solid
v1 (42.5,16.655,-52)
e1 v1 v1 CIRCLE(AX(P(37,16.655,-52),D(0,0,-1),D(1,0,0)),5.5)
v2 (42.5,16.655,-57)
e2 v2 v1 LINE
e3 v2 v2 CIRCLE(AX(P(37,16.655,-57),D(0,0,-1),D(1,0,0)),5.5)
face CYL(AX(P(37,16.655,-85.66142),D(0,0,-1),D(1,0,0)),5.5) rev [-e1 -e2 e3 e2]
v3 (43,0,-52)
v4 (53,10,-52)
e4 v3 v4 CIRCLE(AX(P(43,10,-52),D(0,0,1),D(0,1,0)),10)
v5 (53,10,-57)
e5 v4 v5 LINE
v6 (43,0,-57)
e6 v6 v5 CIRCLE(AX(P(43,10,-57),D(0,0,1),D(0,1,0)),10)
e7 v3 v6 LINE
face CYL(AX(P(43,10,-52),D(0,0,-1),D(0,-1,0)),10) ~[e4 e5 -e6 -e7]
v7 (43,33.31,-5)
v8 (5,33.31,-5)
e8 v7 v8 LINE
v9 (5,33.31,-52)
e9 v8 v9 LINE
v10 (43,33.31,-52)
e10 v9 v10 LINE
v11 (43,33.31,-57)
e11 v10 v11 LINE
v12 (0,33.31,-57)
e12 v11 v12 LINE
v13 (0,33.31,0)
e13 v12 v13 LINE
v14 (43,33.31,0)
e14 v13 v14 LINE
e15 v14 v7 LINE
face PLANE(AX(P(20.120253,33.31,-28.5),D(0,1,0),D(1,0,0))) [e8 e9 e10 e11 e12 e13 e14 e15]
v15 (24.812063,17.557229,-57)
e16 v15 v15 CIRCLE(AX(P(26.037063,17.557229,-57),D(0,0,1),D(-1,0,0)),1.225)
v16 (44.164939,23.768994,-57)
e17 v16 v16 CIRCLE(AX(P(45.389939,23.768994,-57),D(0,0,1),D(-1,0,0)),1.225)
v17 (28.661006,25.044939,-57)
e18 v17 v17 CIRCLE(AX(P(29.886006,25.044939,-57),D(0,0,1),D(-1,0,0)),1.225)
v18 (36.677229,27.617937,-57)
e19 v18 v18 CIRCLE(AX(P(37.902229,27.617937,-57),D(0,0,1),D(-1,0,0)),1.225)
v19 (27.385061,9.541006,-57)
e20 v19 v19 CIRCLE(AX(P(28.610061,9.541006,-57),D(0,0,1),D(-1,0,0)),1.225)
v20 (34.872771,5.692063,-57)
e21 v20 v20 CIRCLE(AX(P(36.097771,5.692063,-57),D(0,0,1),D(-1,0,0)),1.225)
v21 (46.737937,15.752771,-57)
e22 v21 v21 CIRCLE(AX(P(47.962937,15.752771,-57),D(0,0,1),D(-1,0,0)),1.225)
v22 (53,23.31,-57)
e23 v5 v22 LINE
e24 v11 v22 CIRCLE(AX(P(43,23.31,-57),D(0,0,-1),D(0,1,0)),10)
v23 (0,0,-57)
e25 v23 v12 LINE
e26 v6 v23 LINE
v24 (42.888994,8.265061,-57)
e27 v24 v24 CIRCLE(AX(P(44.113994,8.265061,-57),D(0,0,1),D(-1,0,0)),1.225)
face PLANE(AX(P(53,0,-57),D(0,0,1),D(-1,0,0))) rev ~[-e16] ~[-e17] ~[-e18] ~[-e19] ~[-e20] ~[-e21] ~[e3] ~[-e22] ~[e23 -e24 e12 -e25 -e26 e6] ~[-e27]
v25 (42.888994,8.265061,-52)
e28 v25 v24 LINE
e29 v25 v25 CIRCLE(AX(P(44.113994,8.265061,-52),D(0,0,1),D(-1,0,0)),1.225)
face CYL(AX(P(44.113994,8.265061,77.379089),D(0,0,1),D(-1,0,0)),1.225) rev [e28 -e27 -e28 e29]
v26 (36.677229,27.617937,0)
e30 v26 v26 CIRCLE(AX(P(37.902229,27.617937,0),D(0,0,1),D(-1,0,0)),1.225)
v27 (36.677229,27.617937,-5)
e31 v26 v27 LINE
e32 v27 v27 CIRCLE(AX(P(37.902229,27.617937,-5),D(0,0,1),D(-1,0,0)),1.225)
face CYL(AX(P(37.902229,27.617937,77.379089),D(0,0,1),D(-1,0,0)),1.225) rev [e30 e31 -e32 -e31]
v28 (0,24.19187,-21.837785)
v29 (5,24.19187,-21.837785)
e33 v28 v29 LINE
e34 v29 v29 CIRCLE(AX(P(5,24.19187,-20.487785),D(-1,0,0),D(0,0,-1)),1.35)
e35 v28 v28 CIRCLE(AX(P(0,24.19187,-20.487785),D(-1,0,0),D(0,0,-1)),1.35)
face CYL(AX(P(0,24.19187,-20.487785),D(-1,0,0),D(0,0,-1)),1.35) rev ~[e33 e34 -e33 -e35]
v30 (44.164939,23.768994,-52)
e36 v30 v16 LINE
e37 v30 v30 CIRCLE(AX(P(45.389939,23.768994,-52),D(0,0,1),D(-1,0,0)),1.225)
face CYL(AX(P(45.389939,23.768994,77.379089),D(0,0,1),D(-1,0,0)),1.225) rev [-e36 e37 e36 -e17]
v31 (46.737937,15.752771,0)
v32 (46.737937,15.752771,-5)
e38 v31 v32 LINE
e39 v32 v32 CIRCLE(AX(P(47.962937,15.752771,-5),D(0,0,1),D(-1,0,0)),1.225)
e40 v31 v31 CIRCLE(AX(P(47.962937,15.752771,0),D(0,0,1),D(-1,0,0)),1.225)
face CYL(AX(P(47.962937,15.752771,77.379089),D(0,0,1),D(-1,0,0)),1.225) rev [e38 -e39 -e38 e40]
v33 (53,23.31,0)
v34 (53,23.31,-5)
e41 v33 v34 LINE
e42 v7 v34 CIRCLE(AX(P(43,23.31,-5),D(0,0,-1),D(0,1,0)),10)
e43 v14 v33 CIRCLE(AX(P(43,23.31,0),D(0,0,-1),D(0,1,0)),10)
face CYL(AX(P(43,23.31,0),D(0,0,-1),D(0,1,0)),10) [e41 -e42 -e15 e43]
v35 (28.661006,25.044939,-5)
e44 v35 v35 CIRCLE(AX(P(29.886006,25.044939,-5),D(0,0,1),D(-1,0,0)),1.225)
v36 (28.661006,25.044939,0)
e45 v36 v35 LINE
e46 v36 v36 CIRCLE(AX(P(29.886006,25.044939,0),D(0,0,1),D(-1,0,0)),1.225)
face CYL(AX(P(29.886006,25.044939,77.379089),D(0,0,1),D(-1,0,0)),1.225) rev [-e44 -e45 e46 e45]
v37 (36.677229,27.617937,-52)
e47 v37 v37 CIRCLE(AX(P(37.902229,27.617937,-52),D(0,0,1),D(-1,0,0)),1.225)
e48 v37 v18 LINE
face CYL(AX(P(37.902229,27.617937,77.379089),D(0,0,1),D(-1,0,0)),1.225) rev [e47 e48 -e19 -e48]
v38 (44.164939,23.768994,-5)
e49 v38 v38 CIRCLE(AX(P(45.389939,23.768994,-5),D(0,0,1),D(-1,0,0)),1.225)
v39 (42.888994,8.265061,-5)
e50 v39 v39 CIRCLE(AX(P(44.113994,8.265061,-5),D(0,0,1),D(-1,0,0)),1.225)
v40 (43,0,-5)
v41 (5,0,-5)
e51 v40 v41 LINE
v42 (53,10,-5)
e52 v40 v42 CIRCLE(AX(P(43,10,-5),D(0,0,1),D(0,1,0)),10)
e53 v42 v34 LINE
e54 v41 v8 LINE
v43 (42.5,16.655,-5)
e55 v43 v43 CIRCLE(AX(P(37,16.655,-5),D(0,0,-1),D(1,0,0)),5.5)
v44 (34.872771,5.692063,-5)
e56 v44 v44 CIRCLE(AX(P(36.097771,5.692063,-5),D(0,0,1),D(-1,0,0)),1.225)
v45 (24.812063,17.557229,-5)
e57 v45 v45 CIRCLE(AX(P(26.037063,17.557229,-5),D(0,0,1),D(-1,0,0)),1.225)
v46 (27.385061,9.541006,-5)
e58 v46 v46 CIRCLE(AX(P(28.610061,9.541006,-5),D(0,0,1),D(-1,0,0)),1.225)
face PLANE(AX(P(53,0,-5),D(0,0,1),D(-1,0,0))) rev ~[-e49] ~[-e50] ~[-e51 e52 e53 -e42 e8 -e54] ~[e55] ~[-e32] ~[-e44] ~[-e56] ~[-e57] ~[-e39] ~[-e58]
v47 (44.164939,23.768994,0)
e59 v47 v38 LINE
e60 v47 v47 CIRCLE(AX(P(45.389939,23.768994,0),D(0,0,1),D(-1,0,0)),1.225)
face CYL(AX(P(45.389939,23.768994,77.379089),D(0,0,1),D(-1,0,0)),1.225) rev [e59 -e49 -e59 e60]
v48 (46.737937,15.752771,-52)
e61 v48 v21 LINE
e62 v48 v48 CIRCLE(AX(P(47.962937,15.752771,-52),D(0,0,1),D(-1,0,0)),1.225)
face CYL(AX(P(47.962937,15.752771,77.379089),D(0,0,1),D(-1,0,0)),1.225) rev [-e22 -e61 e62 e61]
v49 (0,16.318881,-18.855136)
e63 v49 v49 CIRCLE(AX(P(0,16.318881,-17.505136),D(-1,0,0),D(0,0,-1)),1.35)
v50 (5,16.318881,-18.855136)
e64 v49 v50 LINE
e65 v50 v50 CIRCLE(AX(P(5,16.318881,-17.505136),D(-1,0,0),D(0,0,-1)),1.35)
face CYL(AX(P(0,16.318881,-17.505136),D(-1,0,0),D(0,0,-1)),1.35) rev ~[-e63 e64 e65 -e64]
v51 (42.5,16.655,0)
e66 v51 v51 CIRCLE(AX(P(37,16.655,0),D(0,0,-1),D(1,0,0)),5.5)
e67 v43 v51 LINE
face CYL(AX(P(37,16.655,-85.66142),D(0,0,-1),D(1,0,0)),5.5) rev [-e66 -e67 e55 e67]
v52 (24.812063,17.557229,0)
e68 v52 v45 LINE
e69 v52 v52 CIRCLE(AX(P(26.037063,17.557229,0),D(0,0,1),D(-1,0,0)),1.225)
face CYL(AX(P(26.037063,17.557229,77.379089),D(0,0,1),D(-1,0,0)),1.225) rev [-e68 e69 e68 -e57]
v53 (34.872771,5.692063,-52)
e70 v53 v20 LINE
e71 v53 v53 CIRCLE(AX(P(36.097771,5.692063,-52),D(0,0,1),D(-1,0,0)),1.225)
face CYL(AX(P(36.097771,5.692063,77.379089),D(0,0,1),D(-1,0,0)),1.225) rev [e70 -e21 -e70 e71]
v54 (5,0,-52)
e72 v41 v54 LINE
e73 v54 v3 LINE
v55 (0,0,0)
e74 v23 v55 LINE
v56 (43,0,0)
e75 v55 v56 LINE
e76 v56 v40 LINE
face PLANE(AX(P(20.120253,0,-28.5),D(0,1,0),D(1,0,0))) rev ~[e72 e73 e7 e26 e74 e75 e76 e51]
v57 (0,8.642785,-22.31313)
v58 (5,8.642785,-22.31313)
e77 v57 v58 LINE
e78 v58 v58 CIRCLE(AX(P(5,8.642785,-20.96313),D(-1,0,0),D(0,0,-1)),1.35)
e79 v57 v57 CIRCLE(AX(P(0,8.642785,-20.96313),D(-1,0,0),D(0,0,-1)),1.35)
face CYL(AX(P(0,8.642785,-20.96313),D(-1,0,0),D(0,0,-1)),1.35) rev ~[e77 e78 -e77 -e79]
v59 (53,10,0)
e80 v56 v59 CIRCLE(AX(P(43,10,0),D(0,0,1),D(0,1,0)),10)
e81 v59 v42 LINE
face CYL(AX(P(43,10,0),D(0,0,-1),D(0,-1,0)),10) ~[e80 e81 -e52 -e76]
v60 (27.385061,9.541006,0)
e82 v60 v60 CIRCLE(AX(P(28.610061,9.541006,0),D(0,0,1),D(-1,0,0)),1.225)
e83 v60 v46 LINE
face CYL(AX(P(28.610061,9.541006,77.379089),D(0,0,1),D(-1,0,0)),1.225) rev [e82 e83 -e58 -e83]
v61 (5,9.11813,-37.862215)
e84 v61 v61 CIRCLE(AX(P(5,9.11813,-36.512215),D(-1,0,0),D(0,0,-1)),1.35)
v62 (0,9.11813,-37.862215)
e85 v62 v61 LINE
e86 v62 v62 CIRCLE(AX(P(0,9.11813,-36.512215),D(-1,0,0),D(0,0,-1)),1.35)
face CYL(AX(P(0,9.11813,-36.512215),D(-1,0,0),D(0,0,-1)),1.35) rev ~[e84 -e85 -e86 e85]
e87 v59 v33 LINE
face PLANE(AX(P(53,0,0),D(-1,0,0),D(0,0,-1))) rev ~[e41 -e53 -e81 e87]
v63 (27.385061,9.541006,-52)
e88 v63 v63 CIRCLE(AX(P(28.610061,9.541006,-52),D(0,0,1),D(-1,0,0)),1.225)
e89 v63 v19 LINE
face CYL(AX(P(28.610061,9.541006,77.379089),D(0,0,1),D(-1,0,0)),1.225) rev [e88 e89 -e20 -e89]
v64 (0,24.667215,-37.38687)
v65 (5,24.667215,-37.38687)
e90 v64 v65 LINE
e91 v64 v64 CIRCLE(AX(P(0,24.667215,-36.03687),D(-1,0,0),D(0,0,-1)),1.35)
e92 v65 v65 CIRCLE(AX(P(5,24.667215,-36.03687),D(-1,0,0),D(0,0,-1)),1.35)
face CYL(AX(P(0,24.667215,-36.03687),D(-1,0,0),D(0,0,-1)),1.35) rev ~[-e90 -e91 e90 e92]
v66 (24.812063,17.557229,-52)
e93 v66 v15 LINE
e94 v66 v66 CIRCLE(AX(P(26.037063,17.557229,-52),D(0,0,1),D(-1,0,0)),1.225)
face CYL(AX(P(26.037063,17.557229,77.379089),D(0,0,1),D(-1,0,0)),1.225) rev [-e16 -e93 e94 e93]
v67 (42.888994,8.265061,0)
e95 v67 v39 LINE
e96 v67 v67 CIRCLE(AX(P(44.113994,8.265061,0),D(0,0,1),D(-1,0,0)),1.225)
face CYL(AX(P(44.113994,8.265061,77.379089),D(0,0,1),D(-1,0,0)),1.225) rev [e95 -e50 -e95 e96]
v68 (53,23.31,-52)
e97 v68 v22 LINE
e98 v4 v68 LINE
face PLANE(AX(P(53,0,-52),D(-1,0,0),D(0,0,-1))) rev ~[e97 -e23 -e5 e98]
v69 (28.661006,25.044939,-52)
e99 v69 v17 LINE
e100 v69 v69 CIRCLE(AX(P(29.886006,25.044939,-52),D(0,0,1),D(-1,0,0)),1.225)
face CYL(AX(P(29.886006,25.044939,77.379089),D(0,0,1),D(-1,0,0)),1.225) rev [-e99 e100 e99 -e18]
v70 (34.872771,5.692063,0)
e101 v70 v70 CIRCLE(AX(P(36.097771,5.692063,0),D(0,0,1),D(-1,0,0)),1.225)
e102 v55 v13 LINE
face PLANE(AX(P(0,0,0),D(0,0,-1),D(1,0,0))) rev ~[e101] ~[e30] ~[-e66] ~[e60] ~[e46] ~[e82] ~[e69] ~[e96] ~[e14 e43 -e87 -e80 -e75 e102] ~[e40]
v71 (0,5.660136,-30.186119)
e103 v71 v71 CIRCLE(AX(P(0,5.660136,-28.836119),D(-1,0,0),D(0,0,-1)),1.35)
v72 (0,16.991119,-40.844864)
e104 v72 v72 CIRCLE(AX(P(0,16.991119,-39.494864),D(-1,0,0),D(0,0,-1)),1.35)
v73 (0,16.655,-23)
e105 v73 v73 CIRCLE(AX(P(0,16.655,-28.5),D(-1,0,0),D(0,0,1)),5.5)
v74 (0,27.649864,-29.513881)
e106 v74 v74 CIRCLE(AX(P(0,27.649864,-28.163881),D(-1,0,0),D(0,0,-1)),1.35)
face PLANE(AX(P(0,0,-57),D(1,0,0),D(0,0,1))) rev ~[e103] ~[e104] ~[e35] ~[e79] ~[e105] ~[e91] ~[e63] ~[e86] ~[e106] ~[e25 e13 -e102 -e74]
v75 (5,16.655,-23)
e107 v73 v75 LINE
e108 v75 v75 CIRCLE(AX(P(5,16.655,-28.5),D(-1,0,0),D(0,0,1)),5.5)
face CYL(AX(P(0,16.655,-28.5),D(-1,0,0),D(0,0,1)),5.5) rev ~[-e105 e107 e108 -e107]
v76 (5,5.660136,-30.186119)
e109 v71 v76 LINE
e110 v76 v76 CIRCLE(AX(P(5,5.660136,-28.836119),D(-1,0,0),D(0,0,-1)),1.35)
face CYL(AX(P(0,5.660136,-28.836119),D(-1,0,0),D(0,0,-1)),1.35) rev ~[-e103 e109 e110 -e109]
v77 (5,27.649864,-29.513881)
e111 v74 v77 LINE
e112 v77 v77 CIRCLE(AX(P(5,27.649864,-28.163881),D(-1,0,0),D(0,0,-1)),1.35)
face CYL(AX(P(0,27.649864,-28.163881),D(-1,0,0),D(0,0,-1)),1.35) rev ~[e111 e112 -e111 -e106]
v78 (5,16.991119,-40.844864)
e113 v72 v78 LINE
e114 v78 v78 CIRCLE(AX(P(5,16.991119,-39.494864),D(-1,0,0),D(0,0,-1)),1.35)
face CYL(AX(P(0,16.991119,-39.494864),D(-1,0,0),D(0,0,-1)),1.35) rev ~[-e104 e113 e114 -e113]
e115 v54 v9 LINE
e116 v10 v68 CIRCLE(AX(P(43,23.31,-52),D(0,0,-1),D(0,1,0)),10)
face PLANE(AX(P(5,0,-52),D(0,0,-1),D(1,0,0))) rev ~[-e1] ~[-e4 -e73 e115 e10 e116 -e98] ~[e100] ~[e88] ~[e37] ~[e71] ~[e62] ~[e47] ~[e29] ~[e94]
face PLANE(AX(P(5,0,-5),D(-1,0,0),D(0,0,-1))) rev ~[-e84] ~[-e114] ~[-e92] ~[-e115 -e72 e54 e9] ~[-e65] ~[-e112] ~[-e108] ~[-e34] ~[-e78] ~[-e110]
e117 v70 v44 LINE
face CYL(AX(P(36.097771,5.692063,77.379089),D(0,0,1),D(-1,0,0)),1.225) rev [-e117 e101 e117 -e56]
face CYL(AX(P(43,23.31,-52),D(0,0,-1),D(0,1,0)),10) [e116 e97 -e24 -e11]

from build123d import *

# Parameters (mm, degrees)
BOSS_EXTRUDE1_DEPTH            = 33.31
CUT_EXTRUDE1_DEPTH             = 85.661420376
CUT_EXTRUDE1_DEPTH_BACK        = 85.661420376
SKETCH2_R                      = 5.5
FILLET1_R                      = 10
CUT_EXTRUDE2_REACH             = 86.661
SKETCH3_R                      = 5.5
CUT_EXTRUDE3_DEPTH             = 82.379088837
CUT_EXTRUDE3_DEPTH_BACK        = 82.379088837
SKETCH4_R                      = 1.225
CUT_EXTRUDE4_REACH             = 86.661
SKETCH6_R                      = 1.35
CUT_EXTRUDE4_DIRECTION_2_DEPTH = 85.661420376


with BuildPart() as part:
    # Sketch1 → Boss-Extrude1 (new body)
    with BuildSketch(Plane(origin=(0, 0, 0), x_dir=(1, 0, 0), z_dir=(0, 1, 0))):
        Polygon((0, 57), (0, 0), (53, 0), (53, 5), (5, 5), (5, 52), (53, 52), (53, 57), align=None)
    extrude(amount=BOSS_EXTRUDE1_DEPTH)

    # Sketch2 → Cut-Extrude1 (cut, two sides: drawn at the far end of the back side and taken through both)
    with BuildSketch(Plane.XY.offset(-CUT_EXTRUDE1_DEPTH_BACK)):
        with Locations((37, 16.655)):
            Circle(SKETCH2_R)
    extrude(amount=CUT_EXTRUDE1_DEPTH + CUT_EXTRUDE1_DEPTH_BACK, mode=Mode.SUBTRACT)

    # Fillet1
    fillet1_edges = [part.edges().sort_by_distance(p)[0] for p in [
        (53, 0, -54.5),
        (53, 33.31, -54.5),
        (53, 33.31, -2.5),
        (53, 0, -2.5),
    ]]
    fillet(fillet1_edges, radius=FILLET1_R)

    # Sketch3 → Cut-Extrude2 (cut, up to next)
    with BuildSketch(Plane.ZY, mode=Mode.PRIVATE) as cut_extrude2_sk1:
        with Locations((-28.5, 16.655)):
            Circle(SKETCH3_R)
    cut_extrude2_tool1 = extrude(cut_extrude2_sk1.sketch, amount=-CUT_EXTRUDE2_REACH, mode=Mode.PRIVATE) & part.part
    add(cut_extrude2_tool1.solids().sort_by_distance((0, 16.655, -28.5))[0], mode=Mode.SUBTRACT)

    # Sketch4 → Cut-Extrude3 (cut, two sides: drawn at the far end of the back side and taken through both)
    with BuildSketch(Plane(origin=(0, 0, -5), x_dir=(-1, 0, 0), z_dir=(0, 0, -1)).offset(-CUT_EXTRUDE3_DEPTH_BACK)):
        with Locations((-37.902229443, 27.617936743)):
            Circle(SKETCH4_R)
        with Locations((-29.886005644, 25.04493947)):
            Circle(SKETCH4_R)
        with Locations((-26.037063257, 17.557229443)):
            Circle(SKETCH4_R)
        with Locations((-28.61006053, 9.541005644)):
            Circle(SKETCH4_R)
        with Locations((-36.097770557, 5.692063257)):
            Circle(SKETCH4_R)
        with Locations((-44.113994356, 8.26506053)):
            Circle(SKETCH4_R)
        with Locations((-47.962936743, 15.752770557)):
            Circle(SKETCH4_R)
        with Locations((-45.38993947, 23.768994356)):
            Circle(SKETCH4_R)
    extrude(amount=CUT_EXTRUDE3_DEPTH + CUT_EXTRUDE3_DEPTH_BACK, mode=Mode.SUBTRACT)

    # Sketch6 → Cut-Extrude4 (cut, up to next)
    with BuildSketch(Plane.ZY, mode=Mode.PRIVATE) as cut_extrude4_sk1:
        with Locations(Location((-20.963129564, 8.642785323, 0), (0, 0, 180))):
            Circle(SKETCH6_R)
    cut_extrude4_tool1 = extrude(cut_extrude4_sk1.sketch, amount=-CUT_EXTRUDE4_REACH, mode=Mode.PRIVATE) & part.part
    # Sketch6 → Cut-Extrude4 (cut, up to next)
    with BuildSketch(Plane.ZY, mode=Mode.PRIVATE) as cut_extrude4_sk2:
        with Locations(Location((-28.836119137, 5.660136475, 0), (0, 0, 180))):
            Circle(SKETCH6_R)
    cut_extrude4_tool2 = extrude(cut_extrude4_sk2.sketch, amount=-CUT_EXTRUDE4_REACH, mode=Mode.PRIVATE) & part.part
    # Sketch6 → Cut-Extrude4 (cut, up to next)
    with BuildSketch(Plane.ZY, mode=Mode.PRIVATE) as cut_extrude4_sk3:
        with Locations(Location((-36.512214677, 9.118129564, 0), (0, 0, 180))):
            Circle(SKETCH6_R)
    cut_extrude4_tool3 = extrude(cut_extrude4_sk3.sketch, amount=-CUT_EXTRUDE4_REACH, mode=Mode.PRIVATE) & part.part
    # Sketch6 → Cut-Extrude4 (cut, up to next)
    with BuildSketch(Plane.ZY, mode=Mode.PRIVATE) as cut_extrude4_sk4:
        with Locations(Location((-39.494863525, 16.991119137, 0), (0, 0, 180))):
            Circle(SKETCH6_R)
    cut_extrude4_tool4 = extrude(cut_extrude4_sk4.sketch, amount=-CUT_EXTRUDE4_REACH, mode=Mode.PRIVATE) & part.part
    # Sketch6 → Cut-Extrude4 (cut, up to next)
    with BuildSketch(Plane.ZY, mode=Mode.PRIVATE) as cut_extrude4_sk5:
        with Locations(Location((-36.036870436, 24.667214677, 0), (0, 0, 180))):
            Circle(SKETCH6_R)
    cut_extrude4_tool5 = extrude(cut_extrude4_sk5.sketch, amount=-CUT_EXTRUDE4_REACH, mode=Mode.PRIVATE) & part.part
    # Sketch6 → Cut-Extrude4 (cut, up to next)
    with BuildSketch(Plane.ZY, mode=Mode.PRIVATE) as cut_extrude4_sk6:
        with Locations(Location((-28.163880863, 27.649863525, 0), (0, 0, 180))):
            Circle(SKETCH6_R)
    cut_extrude4_tool6 = extrude(cut_extrude4_sk6.sketch, amount=-CUT_EXTRUDE4_REACH, mode=Mode.PRIVATE) & part.part
    # Sketch6 → Cut-Extrude4 (cut, up to next)
    with BuildSketch(Plane.ZY, mode=Mode.PRIVATE) as cut_extrude4_sk7:
        with Locations(Location((-20.487785323, 24.191870436, 0), (0, 0, 180))):
            Circle(SKETCH6_R)
    cut_extrude4_tool7 = extrude(cut_extrude4_sk7.sketch, amount=-CUT_EXTRUDE4_REACH, mode=Mode.PRIVATE) & part.part
    # Sketch6 → Cut-Extrude4 (cut, up to next)
    with BuildSketch(Plane.ZY, mode=Mode.PRIVATE) as cut_extrude4_sk8:
        with Locations(Location((-17.505136475, 16.318880863, 0), (0, 0, 180))):
            Circle(SKETCH6_R)
    cut_extrude4_tool8 = extrude(cut_extrude4_sk8.sketch, amount=-CUT_EXTRUDE4_REACH, mode=Mode.PRIVATE) & part.part
    add(cut_extrude4_tool1.solids().sort_by_distance((0, 8.642785, -20.96313))[0], mode=Mode.SUBTRACT)
    add(cut_extrude4_tool2.solids().sort_by_distance((0, 5.660136, -28.836119))[0], mode=Mode.SUBTRACT)
    add(cut_extrude4_tool3.solids().sort_by_distance((0, 9.11813, -36.512215))[0], mode=Mode.SUBTRACT)
    add(cut_extrude4_tool4.solids().sort_by_distance((0, 16.991119, -39.494864))[0], mode=Mode.SUBTRACT)
    add(cut_extrude4_tool5.solids().sort_by_distance((0, 24.667215, -36.03687))[0], mode=Mode.SUBTRACT)
    add(cut_extrude4_tool6.solids().sort_by_distance((0, 27.649864, -28.163881))[0], mode=Mode.SUBTRACT)
    add(cut_extrude4_tool7.solids().sort_by_distance((0, 24.19187, -20.487785))[0], mode=Mode.SUBTRACT)
    add(cut_extrude4_tool8.solids().sort_by_distance((0, 16.318881, -17.505136))[0], mode=Mode.SUBTRACT)

    # Sketch6 → Cut-Extrude4 direction 2 (cut)
    with BuildSketch(Plane.ZY):
        with Locations(Location((-20.963129564, 8.642785323, 0), (0, 0, 180))):
            Circle(SKETCH6_R)
        with Locations(Location((-28.836119137, 5.660136475, 0), (0, 0, 180))):
            Circle(SKETCH6_R)
        with Locations(Location((-36.512214677, 9.118129564, 0), (0, 0, 180))):
            Circle(SKETCH6_R)
        with Locations(Location((-39.494863525, 16.991119137, 0), (0, 0, 180))):
            Circle(SKETCH6_R)
        with Locations(Location((-36.036870436, 24.667214677, 0), (0, 0, 180))):
            Circle(SKETCH6_R)
        with Locations(Location((-28.163880863, 27.649863525, 0), (0, 0, 180))):
            Circle(SKETCH6_R)
        with Locations(Location((-20.487785323, 24.191870436, 0), (0, 0, 180))):
            Circle(SKETCH6_R)
        with Locations(Location((-17.505136475, 16.318880863, 0), (0, 0, 180))):
            Circle(SKETCH6_R)
    extrude(amount=CUT_EXTRUDE4_DIRECTION_2_DEPTH, mode=Mode.SUBTRACT)


solid = part.part
